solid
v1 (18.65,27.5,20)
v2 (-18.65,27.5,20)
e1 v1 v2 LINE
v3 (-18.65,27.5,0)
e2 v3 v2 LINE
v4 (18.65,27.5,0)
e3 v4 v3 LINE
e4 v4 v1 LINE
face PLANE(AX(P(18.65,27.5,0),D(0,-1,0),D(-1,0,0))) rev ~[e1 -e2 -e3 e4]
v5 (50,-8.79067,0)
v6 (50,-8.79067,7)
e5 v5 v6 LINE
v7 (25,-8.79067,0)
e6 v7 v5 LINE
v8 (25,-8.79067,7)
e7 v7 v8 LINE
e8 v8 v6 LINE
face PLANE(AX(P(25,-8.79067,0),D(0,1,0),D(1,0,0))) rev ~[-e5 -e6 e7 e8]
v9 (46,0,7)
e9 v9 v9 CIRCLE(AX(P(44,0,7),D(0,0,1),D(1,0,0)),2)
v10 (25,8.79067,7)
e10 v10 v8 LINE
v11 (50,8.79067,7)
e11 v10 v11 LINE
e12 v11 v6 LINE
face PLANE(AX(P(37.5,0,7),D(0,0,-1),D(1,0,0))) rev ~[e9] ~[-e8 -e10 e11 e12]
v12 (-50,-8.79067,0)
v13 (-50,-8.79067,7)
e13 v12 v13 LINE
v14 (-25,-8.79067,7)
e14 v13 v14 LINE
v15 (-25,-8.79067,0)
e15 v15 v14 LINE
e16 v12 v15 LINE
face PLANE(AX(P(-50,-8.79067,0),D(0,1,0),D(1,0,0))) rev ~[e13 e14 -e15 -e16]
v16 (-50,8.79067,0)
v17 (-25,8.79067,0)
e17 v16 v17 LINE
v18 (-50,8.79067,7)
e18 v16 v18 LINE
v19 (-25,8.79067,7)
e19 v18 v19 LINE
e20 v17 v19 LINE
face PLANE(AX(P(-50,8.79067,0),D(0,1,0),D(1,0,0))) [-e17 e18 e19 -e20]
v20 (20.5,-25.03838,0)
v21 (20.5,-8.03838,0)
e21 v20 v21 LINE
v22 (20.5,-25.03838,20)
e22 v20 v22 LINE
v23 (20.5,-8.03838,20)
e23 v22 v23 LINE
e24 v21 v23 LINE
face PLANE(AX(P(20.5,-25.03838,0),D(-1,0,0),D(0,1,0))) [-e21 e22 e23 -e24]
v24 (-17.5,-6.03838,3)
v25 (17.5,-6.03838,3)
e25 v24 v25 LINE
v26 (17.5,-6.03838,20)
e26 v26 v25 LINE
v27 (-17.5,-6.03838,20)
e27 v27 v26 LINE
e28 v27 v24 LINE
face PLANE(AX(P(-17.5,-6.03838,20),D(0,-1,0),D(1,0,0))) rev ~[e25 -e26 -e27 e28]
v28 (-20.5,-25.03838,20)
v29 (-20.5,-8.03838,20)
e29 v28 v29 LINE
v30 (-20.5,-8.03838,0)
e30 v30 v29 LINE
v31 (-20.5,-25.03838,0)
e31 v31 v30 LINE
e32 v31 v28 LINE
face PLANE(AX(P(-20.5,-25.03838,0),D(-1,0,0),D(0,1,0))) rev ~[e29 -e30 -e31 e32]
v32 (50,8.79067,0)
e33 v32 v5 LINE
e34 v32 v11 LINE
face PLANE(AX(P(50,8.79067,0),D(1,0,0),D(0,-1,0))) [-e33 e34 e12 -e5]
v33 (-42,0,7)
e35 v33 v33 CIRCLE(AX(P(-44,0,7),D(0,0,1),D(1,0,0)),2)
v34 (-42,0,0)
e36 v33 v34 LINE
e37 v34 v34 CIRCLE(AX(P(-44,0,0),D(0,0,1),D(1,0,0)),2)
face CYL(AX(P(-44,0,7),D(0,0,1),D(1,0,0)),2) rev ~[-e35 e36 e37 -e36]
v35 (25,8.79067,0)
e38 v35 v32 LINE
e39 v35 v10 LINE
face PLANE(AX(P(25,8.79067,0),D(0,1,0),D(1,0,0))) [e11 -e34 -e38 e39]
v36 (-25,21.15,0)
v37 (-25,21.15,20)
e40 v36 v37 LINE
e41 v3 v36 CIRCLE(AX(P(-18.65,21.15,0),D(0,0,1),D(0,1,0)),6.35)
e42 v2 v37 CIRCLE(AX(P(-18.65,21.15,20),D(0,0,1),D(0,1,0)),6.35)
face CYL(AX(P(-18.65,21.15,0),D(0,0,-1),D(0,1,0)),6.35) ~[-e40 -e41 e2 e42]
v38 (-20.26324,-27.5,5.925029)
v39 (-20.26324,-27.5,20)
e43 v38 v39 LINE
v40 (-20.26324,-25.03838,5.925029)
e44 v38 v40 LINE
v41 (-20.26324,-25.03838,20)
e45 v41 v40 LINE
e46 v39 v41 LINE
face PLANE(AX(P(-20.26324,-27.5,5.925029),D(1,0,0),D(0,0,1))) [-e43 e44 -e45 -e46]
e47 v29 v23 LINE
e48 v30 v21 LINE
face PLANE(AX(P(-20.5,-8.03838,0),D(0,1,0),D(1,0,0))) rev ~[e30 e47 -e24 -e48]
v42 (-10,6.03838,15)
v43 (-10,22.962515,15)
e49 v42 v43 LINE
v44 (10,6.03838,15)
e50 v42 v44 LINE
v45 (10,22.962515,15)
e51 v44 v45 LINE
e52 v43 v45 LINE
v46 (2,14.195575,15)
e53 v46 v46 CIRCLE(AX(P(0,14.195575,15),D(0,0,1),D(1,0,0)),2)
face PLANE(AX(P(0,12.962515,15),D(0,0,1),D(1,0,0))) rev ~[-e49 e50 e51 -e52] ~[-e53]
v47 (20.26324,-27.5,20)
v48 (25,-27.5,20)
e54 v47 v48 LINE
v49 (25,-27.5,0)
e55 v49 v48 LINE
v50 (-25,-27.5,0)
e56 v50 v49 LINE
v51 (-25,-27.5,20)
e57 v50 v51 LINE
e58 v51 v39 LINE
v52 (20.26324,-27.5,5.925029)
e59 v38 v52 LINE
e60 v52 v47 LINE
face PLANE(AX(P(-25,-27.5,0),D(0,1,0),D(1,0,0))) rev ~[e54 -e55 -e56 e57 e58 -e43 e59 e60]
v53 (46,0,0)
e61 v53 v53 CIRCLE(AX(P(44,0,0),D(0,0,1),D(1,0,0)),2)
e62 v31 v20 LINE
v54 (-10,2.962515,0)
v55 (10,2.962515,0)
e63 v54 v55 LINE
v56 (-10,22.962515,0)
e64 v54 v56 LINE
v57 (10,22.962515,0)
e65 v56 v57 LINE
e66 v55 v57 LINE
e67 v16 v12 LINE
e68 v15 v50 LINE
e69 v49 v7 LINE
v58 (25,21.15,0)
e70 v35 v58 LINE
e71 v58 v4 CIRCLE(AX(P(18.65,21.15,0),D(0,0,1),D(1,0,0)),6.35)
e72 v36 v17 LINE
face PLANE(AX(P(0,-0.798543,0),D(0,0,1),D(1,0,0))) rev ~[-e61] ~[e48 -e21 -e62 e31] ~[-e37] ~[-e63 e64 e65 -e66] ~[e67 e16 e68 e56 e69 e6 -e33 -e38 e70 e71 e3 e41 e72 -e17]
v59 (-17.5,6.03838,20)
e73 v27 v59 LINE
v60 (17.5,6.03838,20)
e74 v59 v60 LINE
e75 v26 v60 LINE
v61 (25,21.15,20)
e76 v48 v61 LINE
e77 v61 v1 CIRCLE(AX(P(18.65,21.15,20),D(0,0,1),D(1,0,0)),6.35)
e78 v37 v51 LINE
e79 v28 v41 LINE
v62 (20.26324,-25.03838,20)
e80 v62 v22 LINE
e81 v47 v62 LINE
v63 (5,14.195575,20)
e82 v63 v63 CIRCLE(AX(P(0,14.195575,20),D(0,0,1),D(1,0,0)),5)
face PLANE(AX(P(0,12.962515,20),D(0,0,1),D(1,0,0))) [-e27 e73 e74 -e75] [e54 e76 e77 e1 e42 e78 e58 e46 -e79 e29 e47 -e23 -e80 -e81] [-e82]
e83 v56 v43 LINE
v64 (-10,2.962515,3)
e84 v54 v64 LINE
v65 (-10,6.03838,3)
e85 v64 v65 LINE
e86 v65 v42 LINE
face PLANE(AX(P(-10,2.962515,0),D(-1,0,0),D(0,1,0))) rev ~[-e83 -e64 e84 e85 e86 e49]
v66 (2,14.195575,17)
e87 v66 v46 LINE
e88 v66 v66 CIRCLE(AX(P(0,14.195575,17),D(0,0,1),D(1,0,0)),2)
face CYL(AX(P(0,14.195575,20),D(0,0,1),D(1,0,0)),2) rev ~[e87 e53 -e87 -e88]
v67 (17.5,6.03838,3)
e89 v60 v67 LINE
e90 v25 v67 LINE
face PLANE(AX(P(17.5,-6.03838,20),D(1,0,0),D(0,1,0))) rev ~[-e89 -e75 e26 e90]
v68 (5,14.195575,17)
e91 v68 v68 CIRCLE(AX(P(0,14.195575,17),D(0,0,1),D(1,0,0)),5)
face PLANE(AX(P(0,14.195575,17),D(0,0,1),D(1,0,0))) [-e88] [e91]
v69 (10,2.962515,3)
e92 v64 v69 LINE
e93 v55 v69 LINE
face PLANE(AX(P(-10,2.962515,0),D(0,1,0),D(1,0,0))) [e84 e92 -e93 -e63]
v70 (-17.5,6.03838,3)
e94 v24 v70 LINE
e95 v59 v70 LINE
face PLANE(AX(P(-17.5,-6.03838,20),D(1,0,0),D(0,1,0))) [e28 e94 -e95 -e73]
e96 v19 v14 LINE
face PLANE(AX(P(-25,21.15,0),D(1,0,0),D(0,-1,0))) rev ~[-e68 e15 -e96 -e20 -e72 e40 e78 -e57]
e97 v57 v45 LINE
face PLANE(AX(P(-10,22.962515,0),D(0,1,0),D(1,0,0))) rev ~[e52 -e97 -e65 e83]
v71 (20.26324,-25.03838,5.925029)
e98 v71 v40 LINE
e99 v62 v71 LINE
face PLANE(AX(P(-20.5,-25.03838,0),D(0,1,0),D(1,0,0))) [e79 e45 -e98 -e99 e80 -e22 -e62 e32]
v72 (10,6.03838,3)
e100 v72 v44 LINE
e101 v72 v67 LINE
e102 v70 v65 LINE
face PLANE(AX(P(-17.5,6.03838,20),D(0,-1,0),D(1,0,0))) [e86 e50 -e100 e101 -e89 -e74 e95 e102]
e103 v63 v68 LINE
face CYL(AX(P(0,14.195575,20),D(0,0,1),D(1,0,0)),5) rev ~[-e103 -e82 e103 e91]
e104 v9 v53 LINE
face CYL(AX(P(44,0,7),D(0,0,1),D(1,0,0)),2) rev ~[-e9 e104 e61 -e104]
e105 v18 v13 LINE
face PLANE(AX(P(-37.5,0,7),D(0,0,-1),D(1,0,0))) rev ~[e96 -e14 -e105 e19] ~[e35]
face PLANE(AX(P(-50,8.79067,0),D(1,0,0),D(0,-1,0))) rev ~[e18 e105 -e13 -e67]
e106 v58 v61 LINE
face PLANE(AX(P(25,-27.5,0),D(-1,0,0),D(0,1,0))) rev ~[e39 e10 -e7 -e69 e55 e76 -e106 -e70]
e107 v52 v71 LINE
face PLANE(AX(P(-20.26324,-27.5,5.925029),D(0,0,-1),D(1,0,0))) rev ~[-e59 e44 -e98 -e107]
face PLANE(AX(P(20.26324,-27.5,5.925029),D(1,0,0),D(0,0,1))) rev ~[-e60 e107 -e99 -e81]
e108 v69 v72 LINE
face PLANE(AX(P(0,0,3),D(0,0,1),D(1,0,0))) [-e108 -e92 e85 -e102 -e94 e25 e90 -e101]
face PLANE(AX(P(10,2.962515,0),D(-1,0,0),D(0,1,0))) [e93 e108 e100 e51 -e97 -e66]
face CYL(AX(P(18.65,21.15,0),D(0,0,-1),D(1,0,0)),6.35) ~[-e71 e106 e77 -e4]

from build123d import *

# Parameters (mm, degrees)
F0_W      = 41
F0_H      = 17
F0_W_2    = 20
F0_H_2    = 20
F1_DEPTH  = 20
F2_W      = 40.5264794827
F2_H      = 14.0749709308
F3_DEPTH  = 5
F4_W      = 25
F4_H      = 17.5813399255
F5_DEPTH  = 7
F6_W      = 20
F6_H      = 20
F7_DEPTH  = 5
F8_R      = 2
F9_DEPTH  = 10
F10_R     = 5
F11_DEPTH = 3
F12_W     = 35
F12_H     = 12.0767594278
F13_DEPTH = 17
F14_R     = 2
F15_DEPTH = 10


with BuildPart() as f1:
    # F0 (on Top) → F1 (new body)
    with BuildSketch(Plane.XY):
        with BuildLine():
            Line((-25, 21.15), (-25, -27.5))
            Line((-25, -27.5), (25, -27.5))
            Line((25, -27.5), (25, 21.15))
            ThreePointArc((25, 21.15), (23.1401280605, 25.6401280605), (18.65, 27.5))
            Line((18.65, 27.5), (-18.65, 27.5))
            ThreePointArc((-18.65, 27.5), (-23.1401280605, 25.6401280605), (-25, 21.15))
        make_face()
        with Locations((0, -16.5383797139)):
            Rectangle(F0_W, F0_H, mode=Mode.SUBTRACT)
        with Locations((0, 12.9625145346)):
            Rectangle(F0_W_2, F0_H_2, mode=Mode.SUBTRACT)
    extrude(amount=F1_DEPTH)

    # F2 (on face) → F3 (cut)
    with BuildSketch(Plane.XZ.offset(27.5)):
        with Locations((0, 12.9625145346)):
            Rectangle(F2_W, F2_H)
    extrude(amount=-F3_DEPTH, mode=Mode.SUBTRACT)

    # F4 (on face) → F5 (join)
    with BuildSketch(Plane(origin=(0, 0, 0), x_dir=(1, 0, 0), z_dir=(0, 0, -1))):
        with Locations((-37.5, 0)):
            Rectangle(F4_W, F4_H)
        with Locations((37.5, 0)):
            Rectangle(F4_W, F4_H)
    extrude(amount=-F5_DEPTH)

    # F6 (on face) → F7 (join)
    with BuildSketch(Plane.XY.offset(20)):
        with Locations((0, 12.9625145346)):
            Rectangle(F6_W, F6_H)
    extrude(amount=-F7_DEPTH)

    # F8 (on face) → F9 (cut)
    with BuildSketch(Plane.XY.offset(20)):
        with Locations((0, 14.1955753788)):
            Circle(F8_R)
    extrude(amount=-F9_DEPTH, mode=Mode.SUBTRACT)

    # F10 (on face) → F11 (cut)
    with BuildSketch(Plane.XY.offset(20)):
        with Locations((0, 14.1955753788)):
            Circle(F10_R)
    extrude(amount=-F11_DEPTH, mode=Mode.SUBTRACT)

    # F12 (on face) → F13 (cut)
    with BuildSketch(Plane.XY.offset(20)):
        Rectangle(F12_W, F12_H)
    extrude(amount=-F13_DEPTH, mode=Mode.SUBTRACT)

    # F14 (on face) → F15 (cut)
    with BuildSketch(Plane.XY.offset(7)):
        with Locations((-44, 0)):
            Circle(F14_R)
        with Locations((44, 0)):
            Circle(F14_R)
    extrude(amount=-F15_DEPTH, mode=Mode.SUBTRACT)


solid = f1.part
